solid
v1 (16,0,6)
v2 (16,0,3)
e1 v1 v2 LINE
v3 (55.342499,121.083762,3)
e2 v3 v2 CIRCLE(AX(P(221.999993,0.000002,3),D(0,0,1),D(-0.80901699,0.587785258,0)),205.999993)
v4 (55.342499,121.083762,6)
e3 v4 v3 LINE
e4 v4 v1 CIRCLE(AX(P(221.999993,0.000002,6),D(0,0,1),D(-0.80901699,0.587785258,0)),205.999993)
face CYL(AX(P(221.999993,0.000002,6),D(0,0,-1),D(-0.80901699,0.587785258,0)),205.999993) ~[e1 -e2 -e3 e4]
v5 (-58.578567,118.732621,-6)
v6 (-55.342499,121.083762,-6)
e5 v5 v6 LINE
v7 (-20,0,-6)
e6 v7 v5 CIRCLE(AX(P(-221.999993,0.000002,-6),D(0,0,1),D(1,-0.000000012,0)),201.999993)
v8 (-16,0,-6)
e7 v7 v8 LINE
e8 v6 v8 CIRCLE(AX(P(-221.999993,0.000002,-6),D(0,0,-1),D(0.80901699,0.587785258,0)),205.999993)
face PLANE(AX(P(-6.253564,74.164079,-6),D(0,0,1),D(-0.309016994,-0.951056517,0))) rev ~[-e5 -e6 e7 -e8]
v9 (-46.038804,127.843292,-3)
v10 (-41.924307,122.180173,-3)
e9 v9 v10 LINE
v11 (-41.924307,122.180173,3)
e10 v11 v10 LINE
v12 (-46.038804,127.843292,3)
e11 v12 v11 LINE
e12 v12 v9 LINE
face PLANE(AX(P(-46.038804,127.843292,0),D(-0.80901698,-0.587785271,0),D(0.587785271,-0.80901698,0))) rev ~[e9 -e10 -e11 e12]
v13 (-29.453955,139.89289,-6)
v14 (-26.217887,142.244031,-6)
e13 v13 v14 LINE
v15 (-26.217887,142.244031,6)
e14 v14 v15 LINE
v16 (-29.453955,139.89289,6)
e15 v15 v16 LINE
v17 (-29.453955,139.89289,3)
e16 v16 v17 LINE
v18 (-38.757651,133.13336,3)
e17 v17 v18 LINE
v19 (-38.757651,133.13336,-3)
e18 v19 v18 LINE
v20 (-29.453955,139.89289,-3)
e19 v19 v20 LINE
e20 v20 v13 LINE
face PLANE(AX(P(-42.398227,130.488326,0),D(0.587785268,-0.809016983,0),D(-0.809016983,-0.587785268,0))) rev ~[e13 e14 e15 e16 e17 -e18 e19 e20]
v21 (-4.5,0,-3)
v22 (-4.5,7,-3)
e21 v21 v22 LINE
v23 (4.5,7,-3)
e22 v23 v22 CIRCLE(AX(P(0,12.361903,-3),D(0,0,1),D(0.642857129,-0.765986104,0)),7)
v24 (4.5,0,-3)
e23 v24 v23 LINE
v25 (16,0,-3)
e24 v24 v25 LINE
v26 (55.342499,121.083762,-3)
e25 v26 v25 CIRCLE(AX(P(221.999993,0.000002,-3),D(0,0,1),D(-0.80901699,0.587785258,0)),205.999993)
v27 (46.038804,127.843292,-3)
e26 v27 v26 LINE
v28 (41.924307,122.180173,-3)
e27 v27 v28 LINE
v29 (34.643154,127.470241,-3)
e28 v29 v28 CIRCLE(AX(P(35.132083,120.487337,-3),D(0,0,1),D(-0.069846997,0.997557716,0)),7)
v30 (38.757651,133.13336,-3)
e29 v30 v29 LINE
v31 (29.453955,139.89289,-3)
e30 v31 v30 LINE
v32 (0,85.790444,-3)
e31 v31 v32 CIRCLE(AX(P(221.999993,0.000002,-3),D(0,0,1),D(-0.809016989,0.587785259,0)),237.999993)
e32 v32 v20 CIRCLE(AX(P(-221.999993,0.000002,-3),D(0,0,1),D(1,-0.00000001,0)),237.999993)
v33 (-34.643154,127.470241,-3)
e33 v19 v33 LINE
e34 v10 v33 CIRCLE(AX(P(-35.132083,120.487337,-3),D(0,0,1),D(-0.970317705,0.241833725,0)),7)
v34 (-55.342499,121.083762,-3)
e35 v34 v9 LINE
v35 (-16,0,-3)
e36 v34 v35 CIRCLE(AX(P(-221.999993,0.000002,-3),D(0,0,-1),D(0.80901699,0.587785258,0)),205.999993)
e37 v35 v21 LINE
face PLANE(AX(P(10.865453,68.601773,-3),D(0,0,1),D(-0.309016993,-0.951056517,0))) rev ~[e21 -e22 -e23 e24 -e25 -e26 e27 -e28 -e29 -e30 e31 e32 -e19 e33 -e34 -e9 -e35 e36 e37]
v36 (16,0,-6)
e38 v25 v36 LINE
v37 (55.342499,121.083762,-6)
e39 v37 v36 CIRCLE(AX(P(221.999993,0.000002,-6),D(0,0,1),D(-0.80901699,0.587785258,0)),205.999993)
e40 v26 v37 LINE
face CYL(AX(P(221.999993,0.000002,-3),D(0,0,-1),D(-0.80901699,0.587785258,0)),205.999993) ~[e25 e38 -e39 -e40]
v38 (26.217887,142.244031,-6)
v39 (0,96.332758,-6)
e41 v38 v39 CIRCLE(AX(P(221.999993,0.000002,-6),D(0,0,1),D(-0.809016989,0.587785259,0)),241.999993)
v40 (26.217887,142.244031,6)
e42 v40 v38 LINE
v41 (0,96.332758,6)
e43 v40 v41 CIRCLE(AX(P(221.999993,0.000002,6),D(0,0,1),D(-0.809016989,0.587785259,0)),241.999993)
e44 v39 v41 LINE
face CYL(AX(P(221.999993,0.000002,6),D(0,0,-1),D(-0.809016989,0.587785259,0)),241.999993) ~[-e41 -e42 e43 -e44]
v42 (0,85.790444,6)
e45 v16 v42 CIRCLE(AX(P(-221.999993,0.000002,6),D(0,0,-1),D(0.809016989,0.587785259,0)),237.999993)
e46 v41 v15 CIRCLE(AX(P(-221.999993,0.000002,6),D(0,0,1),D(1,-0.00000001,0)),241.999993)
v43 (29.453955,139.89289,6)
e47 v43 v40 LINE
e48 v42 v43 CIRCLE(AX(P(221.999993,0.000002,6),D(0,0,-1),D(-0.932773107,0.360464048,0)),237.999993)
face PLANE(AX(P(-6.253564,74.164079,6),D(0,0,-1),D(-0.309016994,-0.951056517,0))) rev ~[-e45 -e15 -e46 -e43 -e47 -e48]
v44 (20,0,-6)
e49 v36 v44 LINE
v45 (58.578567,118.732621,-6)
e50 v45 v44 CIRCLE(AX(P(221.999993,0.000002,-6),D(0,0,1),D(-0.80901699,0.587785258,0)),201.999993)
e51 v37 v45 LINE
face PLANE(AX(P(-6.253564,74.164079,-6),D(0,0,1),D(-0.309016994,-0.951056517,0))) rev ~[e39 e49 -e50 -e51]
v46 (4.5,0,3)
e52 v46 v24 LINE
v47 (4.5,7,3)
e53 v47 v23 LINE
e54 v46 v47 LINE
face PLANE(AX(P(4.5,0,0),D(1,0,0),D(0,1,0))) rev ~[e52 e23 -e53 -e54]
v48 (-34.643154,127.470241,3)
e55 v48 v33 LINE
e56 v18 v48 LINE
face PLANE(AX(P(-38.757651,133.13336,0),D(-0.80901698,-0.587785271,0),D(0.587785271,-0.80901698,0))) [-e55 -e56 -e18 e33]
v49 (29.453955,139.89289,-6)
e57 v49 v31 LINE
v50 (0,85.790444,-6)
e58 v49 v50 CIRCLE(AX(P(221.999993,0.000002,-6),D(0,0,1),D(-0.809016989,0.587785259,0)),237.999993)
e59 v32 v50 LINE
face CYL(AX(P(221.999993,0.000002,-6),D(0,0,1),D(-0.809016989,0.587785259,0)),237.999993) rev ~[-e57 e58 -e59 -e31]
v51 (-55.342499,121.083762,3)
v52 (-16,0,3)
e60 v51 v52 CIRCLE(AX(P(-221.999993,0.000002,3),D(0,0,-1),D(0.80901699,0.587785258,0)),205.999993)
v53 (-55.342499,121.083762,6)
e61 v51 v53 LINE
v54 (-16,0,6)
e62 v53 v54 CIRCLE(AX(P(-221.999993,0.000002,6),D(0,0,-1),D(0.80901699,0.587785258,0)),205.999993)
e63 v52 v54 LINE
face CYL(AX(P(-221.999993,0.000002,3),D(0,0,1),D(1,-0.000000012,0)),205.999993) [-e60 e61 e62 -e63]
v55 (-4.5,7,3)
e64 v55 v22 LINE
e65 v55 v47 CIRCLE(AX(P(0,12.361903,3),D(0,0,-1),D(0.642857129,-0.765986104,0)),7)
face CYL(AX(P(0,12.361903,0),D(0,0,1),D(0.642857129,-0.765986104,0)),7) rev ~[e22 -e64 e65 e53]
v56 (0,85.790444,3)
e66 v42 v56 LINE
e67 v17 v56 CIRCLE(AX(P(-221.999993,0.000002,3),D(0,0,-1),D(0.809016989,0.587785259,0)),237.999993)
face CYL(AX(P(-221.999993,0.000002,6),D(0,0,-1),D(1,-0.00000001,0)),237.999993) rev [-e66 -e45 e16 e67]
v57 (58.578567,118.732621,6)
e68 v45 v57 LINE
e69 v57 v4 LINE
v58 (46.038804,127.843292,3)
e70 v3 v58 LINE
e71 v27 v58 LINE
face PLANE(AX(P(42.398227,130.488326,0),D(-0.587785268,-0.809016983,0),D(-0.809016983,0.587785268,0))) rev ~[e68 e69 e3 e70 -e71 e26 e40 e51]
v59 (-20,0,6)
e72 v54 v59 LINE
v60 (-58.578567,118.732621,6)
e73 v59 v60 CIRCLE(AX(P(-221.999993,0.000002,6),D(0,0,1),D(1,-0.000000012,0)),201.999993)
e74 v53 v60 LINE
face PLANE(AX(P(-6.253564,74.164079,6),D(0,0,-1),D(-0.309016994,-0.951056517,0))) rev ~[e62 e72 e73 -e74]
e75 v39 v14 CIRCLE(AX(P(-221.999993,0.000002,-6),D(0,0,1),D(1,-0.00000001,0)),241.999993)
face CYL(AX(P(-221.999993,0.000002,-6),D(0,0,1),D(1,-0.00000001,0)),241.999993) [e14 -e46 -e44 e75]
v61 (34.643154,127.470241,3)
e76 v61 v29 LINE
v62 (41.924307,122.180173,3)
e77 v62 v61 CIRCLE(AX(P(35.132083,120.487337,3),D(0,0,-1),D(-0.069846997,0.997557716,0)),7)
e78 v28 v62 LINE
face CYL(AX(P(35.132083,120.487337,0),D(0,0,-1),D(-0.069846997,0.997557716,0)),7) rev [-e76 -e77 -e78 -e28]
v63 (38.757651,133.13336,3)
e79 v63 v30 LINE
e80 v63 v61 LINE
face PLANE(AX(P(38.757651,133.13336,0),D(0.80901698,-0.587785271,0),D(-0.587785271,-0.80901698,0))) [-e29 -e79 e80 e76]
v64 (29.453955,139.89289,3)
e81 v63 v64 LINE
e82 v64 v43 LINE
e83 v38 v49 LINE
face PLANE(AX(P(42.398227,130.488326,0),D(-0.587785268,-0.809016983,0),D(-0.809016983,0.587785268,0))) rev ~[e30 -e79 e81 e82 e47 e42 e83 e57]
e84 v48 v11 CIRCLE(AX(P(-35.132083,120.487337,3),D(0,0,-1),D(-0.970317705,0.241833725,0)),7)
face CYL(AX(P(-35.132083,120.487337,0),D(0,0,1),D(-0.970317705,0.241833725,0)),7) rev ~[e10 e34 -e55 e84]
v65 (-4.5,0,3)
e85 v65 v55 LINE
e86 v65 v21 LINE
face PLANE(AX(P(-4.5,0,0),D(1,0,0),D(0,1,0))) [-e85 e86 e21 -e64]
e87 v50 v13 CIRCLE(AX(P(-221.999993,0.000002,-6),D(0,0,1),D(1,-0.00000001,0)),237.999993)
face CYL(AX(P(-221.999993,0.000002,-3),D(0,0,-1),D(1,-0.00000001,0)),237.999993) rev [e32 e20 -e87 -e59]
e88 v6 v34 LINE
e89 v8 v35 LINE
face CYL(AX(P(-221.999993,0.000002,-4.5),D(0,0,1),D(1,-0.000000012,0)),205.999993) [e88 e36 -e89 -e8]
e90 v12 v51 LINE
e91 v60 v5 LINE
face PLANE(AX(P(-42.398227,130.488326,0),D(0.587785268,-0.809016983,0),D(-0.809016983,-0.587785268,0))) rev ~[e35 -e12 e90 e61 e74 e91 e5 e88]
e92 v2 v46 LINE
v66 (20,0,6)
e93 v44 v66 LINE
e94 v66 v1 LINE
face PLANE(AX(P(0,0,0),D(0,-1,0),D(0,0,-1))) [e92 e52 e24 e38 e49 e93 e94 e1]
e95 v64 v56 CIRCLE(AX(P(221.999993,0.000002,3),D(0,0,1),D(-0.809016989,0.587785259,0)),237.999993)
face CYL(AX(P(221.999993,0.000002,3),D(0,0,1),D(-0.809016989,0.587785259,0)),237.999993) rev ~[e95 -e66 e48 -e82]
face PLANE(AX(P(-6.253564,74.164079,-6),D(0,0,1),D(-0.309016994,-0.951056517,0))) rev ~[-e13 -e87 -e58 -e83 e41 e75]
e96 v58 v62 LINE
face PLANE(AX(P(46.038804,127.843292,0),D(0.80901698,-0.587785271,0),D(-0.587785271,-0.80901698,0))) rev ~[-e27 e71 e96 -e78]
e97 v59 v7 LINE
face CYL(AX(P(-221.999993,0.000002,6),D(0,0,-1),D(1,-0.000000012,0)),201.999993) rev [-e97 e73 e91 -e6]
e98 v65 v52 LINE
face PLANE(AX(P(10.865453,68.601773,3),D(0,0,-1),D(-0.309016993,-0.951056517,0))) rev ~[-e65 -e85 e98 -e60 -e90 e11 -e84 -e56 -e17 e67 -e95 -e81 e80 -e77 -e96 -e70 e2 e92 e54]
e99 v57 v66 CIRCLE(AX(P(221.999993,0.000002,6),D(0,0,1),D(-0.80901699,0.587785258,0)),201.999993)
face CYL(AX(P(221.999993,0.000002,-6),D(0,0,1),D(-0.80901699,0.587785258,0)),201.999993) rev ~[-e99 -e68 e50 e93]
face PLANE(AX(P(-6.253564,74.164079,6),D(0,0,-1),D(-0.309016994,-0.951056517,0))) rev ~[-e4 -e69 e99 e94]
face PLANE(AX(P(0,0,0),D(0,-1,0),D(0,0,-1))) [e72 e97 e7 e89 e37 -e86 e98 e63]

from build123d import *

# Parameters (mm, degrees)
SKETCH013_W          = 32
SKETCH013_H          = 3
POCKET_DEPTH         = 6.001
POCKET_DEPTH_BACK    = -6.001
POCKET001_DEPTH      = 6.001
POCKET001_DEPTH_BACK = -6.001
POCKET002_DEPTH      = 6.001
POCKET002_DEPTH_BACK = -6.001


with BuildPart() as part:
    # AdditivePipe: sweep along a path in Sketch
    with BuildLine(Plane.XY) as additivepipe_path:
        ThreePointArc((0, 0), (-10.865453, 68.601773), (-42.398227, 130.488326))
    # Sketch002 → AdditivePipe (sweep)
    with BuildSketch(Plane.XZ):
        Polygon((-20, 6), (-20, -6), (-16, -6), (-16, -3), (-9, -3), (9, -3), (16, -3), (16, -6), (20, -6), (20, 6), (16, 6), (16, 3), (9, 3), (-9, 3), (-16, 3), (-16, 6), align=None)
    sweep(path=additivepipe_path.line)

    # AdditivePipe001: sweep along a path in Sketch001
    with BuildLine(Plane.XY) as additivepipe001_path:
        ThreePointArc((42.398227, 130.488326), (10.865453, 68.601773), (0, 0))
    # Sketch002 → AdditivePipe001 (sweep)
    with BuildSketch(Plane.XZ):
        Polygon((-20, 6), (-20, -6), (-16, -6), (-16, -3), (-9, -3), (9, -3), (16, -3), (16, -6), (20, -6), (20, 6), (16, 6), (16, 3), (9, 3), (-9, 3), (-16, 3), (-16, 6), align=None)
    sweep(path=additivepipe001_path.line)

    # SubtractivePipe: sweep along a path in Sketch
    with BuildLine(Plane.XY) as subtractivepipe_path:
        ThreePointArc((0, 0), (-10.865453, 68.601773), (-42.398227, 130.488326))
    # Sketch013 (on Face1 of AdditivePipe001) → SubtractivePipe (sweep, cut)
    with BuildSketch(Plane.XZ):
        with Locations((0, 4.5)):
            Rectangle(SKETCH013_W, SKETCH013_H)
    subtractivepipe = sweep(path=subtractivepipe_path.line, mode=Mode.SUBTRACT)

    # SubtractivePipe001: sweep along a path in Sketch001
    with BuildLine(Plane.XY) as subtractivepipe001_path:
        ThreePointArc((42.398227, 130.488326), (10.865453, 68.601773), (0, 0))
    # Sketch013 (on Face1 of AdditivePipe001) → SubtractivePipe001 (sweep, cut)
    with BuildSketch(Plane.XZ):
        with Locations((0, 4.5)):
            Rectangle(SKETCH013_W, SKETCH013_H)
    subtractivepipe001 = sweep(path=subtractivepipe001_path.line, mode=Mode.SUBTRACT)

    # Mirrored: SubtractivePipe across XY
    add(subtractivepipe.mirror(Plane.XY), mode=Mode.SUBTRACT)

    # Mirrored001: SubtractivePipe001 across XY
    add(subtractivepipe001.mirror(Plane.XY), mode=Mode.SUBTRACT)

    # Sketch007 → Pocket (cut, two sides)
    with BuildSketch(Plane.XY) as pocket_sk:
        with BuildLine():
            Line((-4.5, 0), (4.5, 0))
            Line((4.5, 0), (4.5, 7))
            ThreePointArc((4.5, 7), (0, 19.361903), (-4.5, 7))
            Line((-4.5, 0), (-4.5, 7))
        make_face()
    extrude(amount=-POCKET_DEPTH, mode=Mode.SUBTRACT)
    extrude(pocket_sk.sketch, amount=-POCKET_DEPTH_BACK, mode=Mode.SUBTRACT)

    # Sketch008 → Pocket001 (cut, two sides)
    with BuildSketch(Plane.XY) as pocket001_sk:
        with BuildLine():
            Line((-46.038804, 127.843292), (-38.757651, 133.13336))
            Line((-38.757651, 133.13336), (-34.643154, 127.470241))
            ThreePointArc((-41.924307, 122.180173), (-31.017586, 114.824218), (-34.643154, 127.470241))
            Line((-46.038804, 127.843292), (-41.924307, 122.180173))
        make_face()
    extrude(amount=-POCKET001_DEPTH, mode=Mode.SUBTRACT)
    extrude(pocket001_sk.sketch, amount=-POCKET001_DEPTH_BACK, mode=Mode.SUBTRACT)

    # Sketch009 → Pocket002 (cut, two sides)
    with BuildSketch(Plane.XY) as pocket002_sk:
        with BuildLine():
            Line((38.757651, 133.13336), (46.038804, 127.843292))
            Line((46.038804, 127.843292), (41.924307, 122.180173))
            ThreePointArc((34.643154, 127.470241), (31.017586, 114.824218), (41.924307, 122.180173))
            Line((38.757651, 133.13336), (34.643154, 127.470241))
        make_face()
    extrude(amount=-POCKET002_DEPTH, mode=Mode.SUBTRACT)
    extrude(pocket002_sk.sketch, amount=-POCKET002_DEPTH_BACK, mode=Mode.SUBTRACT)


solid = part.part
